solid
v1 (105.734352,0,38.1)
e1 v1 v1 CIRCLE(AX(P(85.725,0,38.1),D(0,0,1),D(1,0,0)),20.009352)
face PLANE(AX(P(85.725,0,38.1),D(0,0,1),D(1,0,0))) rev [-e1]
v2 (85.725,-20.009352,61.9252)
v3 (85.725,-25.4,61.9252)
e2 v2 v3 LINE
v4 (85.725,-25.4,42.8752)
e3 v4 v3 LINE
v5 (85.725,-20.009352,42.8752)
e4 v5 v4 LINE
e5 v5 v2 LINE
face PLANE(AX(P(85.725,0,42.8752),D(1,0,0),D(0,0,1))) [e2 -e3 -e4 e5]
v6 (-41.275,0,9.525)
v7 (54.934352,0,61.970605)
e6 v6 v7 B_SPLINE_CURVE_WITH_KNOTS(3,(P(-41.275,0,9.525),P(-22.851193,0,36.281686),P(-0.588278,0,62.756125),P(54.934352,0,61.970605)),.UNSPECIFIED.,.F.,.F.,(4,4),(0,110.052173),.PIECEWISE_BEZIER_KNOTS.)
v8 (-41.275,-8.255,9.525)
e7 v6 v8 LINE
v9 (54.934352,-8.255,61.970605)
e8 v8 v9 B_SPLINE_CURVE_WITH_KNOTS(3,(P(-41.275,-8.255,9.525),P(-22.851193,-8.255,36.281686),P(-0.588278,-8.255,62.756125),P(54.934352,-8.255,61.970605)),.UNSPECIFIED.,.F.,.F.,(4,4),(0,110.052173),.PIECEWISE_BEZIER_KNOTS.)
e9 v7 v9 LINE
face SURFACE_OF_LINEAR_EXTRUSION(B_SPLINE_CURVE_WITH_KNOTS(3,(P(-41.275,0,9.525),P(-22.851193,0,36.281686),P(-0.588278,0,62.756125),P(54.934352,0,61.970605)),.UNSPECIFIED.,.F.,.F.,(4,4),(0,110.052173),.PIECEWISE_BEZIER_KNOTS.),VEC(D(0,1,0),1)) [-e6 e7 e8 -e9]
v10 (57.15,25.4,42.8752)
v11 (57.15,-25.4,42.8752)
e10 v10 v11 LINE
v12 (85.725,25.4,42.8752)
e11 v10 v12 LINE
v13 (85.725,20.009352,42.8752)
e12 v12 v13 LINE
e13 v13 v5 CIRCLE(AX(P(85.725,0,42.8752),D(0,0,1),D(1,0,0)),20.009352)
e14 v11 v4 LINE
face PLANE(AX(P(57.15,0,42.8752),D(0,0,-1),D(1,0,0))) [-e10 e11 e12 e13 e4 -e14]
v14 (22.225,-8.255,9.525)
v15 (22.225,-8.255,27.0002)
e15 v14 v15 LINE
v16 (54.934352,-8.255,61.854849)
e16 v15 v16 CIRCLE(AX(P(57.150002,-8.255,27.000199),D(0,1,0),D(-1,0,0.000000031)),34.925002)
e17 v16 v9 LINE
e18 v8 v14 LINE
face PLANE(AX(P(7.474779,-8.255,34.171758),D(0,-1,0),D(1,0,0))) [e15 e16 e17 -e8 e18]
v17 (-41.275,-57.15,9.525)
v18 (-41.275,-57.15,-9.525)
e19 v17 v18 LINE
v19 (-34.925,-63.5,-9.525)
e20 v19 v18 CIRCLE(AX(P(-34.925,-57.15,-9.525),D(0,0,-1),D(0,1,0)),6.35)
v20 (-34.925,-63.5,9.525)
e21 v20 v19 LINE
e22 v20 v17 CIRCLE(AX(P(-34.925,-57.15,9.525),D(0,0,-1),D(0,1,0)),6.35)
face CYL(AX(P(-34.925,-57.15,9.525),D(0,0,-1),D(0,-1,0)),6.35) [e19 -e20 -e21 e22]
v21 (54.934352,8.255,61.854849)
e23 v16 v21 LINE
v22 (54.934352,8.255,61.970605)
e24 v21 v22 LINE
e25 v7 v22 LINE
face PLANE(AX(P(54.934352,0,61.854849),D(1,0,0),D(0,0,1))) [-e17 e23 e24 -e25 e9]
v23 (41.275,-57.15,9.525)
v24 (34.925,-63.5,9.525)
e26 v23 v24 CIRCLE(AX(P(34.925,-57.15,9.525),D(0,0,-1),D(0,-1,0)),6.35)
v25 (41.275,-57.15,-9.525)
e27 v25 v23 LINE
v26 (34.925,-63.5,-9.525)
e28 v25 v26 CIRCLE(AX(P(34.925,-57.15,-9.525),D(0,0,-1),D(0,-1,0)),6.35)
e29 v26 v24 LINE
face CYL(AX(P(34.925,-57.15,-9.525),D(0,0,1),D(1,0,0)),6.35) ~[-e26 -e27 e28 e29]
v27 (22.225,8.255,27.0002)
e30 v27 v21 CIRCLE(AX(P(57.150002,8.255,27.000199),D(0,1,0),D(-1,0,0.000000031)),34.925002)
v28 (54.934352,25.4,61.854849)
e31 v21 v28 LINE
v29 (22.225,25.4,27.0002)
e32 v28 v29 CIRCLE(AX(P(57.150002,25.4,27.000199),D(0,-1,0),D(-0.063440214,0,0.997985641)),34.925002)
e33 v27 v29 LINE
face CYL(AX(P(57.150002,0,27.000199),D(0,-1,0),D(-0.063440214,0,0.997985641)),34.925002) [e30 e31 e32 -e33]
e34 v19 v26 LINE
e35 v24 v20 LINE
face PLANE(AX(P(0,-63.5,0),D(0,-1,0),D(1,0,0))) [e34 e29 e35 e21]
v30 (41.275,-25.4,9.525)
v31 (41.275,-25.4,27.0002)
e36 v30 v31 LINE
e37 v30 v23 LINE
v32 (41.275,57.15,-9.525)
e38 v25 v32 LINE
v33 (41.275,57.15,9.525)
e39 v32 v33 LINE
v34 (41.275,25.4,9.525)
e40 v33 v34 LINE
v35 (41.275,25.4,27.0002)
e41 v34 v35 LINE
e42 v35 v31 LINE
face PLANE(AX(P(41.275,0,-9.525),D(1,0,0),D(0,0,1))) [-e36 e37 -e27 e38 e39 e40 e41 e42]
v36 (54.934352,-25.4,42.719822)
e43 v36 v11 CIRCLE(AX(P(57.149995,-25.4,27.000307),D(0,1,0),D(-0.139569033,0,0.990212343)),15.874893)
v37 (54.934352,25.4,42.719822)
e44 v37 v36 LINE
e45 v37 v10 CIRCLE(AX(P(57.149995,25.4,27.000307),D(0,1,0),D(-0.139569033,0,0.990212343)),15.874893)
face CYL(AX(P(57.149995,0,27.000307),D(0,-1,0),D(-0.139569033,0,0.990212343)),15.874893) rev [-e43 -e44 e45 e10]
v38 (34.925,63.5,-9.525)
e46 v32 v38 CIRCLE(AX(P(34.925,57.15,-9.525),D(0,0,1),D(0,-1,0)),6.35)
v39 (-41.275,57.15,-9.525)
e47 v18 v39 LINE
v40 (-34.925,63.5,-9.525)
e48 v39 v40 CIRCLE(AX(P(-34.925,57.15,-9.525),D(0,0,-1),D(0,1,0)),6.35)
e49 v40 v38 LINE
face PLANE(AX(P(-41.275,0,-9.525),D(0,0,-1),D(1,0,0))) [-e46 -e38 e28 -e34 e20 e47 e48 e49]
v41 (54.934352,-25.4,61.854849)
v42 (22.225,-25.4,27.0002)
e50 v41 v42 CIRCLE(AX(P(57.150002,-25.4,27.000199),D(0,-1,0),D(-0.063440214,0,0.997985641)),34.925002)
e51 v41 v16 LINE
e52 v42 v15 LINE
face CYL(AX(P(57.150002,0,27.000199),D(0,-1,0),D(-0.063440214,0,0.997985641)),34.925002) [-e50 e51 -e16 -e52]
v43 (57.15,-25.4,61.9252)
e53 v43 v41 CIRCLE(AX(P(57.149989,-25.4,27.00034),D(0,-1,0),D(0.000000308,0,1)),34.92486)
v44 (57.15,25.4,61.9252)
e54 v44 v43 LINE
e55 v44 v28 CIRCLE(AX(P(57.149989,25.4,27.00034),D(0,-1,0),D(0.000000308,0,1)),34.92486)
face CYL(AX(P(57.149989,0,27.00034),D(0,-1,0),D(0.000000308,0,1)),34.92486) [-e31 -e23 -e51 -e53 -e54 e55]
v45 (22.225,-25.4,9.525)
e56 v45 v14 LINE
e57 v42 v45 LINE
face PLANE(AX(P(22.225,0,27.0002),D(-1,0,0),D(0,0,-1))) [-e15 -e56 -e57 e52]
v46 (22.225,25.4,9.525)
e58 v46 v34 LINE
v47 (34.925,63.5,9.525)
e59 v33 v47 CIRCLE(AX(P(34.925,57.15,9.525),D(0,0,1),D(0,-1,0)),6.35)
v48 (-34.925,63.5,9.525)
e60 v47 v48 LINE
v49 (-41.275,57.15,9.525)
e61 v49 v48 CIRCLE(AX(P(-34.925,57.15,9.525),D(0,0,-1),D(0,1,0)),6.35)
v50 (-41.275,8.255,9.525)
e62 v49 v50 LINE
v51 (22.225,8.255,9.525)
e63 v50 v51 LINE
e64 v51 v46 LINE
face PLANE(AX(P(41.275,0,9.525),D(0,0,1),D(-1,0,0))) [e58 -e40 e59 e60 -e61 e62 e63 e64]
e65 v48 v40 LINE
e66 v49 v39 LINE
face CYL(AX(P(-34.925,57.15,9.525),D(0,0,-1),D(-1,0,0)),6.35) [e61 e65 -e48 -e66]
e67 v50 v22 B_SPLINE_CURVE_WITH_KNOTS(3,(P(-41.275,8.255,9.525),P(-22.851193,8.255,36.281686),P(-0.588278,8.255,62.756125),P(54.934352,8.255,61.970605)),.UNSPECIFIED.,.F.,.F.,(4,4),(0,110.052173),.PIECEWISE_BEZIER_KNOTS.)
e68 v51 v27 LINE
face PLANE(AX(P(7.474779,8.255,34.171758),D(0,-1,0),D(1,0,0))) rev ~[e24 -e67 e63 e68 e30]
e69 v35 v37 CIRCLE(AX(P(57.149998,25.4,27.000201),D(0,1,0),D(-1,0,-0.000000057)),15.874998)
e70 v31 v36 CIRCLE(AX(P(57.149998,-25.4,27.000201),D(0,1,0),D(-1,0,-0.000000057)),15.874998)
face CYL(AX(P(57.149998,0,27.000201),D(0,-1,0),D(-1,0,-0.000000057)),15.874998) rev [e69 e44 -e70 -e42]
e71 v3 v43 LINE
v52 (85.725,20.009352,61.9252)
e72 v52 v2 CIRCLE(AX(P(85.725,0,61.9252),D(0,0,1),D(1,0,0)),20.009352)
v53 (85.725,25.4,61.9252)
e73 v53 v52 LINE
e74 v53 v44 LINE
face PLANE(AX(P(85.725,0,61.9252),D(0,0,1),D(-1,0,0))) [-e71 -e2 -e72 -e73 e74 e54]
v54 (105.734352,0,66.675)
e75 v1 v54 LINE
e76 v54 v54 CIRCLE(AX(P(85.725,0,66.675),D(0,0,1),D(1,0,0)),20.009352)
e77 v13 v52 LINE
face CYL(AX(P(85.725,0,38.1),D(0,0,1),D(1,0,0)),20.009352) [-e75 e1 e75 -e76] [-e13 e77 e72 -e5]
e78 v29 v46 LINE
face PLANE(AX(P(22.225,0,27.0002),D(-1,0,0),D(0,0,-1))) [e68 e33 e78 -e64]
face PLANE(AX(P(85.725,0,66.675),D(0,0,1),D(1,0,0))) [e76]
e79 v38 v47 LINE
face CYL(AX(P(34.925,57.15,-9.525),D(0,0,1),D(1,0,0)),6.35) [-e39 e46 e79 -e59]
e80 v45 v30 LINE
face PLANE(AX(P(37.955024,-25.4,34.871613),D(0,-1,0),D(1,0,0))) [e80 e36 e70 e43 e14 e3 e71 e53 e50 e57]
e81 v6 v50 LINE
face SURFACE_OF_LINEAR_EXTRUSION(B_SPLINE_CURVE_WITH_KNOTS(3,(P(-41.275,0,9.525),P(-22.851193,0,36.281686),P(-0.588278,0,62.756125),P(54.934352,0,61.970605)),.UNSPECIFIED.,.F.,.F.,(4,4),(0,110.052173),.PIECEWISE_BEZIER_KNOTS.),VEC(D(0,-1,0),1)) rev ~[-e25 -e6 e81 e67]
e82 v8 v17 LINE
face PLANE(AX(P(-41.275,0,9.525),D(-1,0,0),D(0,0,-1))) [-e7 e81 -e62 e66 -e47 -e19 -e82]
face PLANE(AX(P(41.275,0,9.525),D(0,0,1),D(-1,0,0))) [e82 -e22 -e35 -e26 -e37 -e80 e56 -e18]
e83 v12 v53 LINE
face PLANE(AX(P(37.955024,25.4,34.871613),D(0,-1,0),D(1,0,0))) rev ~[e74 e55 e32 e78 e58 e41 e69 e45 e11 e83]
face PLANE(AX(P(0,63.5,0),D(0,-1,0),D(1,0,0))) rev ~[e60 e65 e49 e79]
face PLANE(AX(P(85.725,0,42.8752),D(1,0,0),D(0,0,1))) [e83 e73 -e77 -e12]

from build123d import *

# Parameters (mm, degrees)
F1_DEPTH = 63.5
F2_DEPTH = 25.4
F3_DEPTH = 8.255
F5_R     = 6.35


with BuildPart() as f1:
    # F0 (on Front) → F1 (new body, symmetric)
    with BuildSketch(Plane.XZ):
        Polygon((41.275, -9.525), (41.275, 9.525), (22.225, 9.525), (-41.275, 9.525), (-41.275, -9.525), align=None)
    extrude(amount=F1_DEPTH, both=True)

    # F0 (on Front) → F2 (join, symmetric)
    with BuildSketch(Plane.XZ):
        with BuildLine():
            Line((22.225, 9.525), (41.275, 9.525))
            Line((41.275, 9.525), (41.275, 27.0002))
            ThreePointArc((41.275, 27.0002), (45.166907, 37.412746), (54.934352, 42.719822))
            Line((54.934352, 42.719822), (54.934352, 61.854849))
            ThreePointArc((54.934352, 61.854849), (31.682991, 50.89972), (22.225, 27.0002))
            Line((22.225, 27.0002), (22.225, 9.525))
        make_face()
        with BuildLine():
            Line((54.934352, 61.854849), (54.934352, 42.719822))
            ThreePointArc((54.934352, 42.719822), (56.039455, 42.836308), (57.15, 42.8752))
            Line((57.15, 42.8752), (85.725, 42.8752))
            Line((85.725, 42.8752), (85.725, 61.9252))
            Line((85.725, 61.9252), (57.15, 61.9252))
            ThreePointArc((57.15, 61.9252), (56.041618, 61.907608), (54.934352, 61.854849))
        make_face()
    extrude(amount=F2_DEPTH, both=True)

    # F0 (on Front) → F3 (join, symmetric)
    with BuildSketch(Plane.XZ):
        with BuildLine():
            Line((-41.275, 9.525), (22.225, 9.525))
            Line((22.225, 9.525), (22.225, 27.0002))
            ThreePointArc((22.225, 27.0002), (31.682991, 50.89972), (54.934352, 61.854849))
            Line((54.934352, 61.854849), (54.934352, 61.970605))
            add(Edge.make_bspline(
                [(-41.275, 9.525), (-22.851193, 36.281686), (-0.588278, 62.756125), (54.934352, 61.970605)],
                knots=[0, 0, 0, 0, 110.052173, 110.052173, 110.052173, 110.052173], degree=3))
        make_face()
    extrude(amount=F3_DEPTH, both=True)

    # F0 (on Front) → F4 (revolve)
    with BuildSketch(Plane.XZ):
        Polygon((85.725, 42.8752), (85.725, 38.1), (105.734352, 38.1), (105.734352, 66.675), (85.725, 66.675), (85.725, 61.9252), align=None)
    revolve(axis=Axis((85.725, 0, 52.3875), (0, 0, 1)))

    # F5
    f5_edges = [f1.edges().sort_by_distance(p)[0] for p in [
        (41.275, -63.5, 0),
        (-41.275, -63.5, 0),
        (-41.275, 63.5, 0),
        (41.275, 63.5, 0),
    ]]
    fillet(f5_edges, radius=F5_R)


solid = f1.part
